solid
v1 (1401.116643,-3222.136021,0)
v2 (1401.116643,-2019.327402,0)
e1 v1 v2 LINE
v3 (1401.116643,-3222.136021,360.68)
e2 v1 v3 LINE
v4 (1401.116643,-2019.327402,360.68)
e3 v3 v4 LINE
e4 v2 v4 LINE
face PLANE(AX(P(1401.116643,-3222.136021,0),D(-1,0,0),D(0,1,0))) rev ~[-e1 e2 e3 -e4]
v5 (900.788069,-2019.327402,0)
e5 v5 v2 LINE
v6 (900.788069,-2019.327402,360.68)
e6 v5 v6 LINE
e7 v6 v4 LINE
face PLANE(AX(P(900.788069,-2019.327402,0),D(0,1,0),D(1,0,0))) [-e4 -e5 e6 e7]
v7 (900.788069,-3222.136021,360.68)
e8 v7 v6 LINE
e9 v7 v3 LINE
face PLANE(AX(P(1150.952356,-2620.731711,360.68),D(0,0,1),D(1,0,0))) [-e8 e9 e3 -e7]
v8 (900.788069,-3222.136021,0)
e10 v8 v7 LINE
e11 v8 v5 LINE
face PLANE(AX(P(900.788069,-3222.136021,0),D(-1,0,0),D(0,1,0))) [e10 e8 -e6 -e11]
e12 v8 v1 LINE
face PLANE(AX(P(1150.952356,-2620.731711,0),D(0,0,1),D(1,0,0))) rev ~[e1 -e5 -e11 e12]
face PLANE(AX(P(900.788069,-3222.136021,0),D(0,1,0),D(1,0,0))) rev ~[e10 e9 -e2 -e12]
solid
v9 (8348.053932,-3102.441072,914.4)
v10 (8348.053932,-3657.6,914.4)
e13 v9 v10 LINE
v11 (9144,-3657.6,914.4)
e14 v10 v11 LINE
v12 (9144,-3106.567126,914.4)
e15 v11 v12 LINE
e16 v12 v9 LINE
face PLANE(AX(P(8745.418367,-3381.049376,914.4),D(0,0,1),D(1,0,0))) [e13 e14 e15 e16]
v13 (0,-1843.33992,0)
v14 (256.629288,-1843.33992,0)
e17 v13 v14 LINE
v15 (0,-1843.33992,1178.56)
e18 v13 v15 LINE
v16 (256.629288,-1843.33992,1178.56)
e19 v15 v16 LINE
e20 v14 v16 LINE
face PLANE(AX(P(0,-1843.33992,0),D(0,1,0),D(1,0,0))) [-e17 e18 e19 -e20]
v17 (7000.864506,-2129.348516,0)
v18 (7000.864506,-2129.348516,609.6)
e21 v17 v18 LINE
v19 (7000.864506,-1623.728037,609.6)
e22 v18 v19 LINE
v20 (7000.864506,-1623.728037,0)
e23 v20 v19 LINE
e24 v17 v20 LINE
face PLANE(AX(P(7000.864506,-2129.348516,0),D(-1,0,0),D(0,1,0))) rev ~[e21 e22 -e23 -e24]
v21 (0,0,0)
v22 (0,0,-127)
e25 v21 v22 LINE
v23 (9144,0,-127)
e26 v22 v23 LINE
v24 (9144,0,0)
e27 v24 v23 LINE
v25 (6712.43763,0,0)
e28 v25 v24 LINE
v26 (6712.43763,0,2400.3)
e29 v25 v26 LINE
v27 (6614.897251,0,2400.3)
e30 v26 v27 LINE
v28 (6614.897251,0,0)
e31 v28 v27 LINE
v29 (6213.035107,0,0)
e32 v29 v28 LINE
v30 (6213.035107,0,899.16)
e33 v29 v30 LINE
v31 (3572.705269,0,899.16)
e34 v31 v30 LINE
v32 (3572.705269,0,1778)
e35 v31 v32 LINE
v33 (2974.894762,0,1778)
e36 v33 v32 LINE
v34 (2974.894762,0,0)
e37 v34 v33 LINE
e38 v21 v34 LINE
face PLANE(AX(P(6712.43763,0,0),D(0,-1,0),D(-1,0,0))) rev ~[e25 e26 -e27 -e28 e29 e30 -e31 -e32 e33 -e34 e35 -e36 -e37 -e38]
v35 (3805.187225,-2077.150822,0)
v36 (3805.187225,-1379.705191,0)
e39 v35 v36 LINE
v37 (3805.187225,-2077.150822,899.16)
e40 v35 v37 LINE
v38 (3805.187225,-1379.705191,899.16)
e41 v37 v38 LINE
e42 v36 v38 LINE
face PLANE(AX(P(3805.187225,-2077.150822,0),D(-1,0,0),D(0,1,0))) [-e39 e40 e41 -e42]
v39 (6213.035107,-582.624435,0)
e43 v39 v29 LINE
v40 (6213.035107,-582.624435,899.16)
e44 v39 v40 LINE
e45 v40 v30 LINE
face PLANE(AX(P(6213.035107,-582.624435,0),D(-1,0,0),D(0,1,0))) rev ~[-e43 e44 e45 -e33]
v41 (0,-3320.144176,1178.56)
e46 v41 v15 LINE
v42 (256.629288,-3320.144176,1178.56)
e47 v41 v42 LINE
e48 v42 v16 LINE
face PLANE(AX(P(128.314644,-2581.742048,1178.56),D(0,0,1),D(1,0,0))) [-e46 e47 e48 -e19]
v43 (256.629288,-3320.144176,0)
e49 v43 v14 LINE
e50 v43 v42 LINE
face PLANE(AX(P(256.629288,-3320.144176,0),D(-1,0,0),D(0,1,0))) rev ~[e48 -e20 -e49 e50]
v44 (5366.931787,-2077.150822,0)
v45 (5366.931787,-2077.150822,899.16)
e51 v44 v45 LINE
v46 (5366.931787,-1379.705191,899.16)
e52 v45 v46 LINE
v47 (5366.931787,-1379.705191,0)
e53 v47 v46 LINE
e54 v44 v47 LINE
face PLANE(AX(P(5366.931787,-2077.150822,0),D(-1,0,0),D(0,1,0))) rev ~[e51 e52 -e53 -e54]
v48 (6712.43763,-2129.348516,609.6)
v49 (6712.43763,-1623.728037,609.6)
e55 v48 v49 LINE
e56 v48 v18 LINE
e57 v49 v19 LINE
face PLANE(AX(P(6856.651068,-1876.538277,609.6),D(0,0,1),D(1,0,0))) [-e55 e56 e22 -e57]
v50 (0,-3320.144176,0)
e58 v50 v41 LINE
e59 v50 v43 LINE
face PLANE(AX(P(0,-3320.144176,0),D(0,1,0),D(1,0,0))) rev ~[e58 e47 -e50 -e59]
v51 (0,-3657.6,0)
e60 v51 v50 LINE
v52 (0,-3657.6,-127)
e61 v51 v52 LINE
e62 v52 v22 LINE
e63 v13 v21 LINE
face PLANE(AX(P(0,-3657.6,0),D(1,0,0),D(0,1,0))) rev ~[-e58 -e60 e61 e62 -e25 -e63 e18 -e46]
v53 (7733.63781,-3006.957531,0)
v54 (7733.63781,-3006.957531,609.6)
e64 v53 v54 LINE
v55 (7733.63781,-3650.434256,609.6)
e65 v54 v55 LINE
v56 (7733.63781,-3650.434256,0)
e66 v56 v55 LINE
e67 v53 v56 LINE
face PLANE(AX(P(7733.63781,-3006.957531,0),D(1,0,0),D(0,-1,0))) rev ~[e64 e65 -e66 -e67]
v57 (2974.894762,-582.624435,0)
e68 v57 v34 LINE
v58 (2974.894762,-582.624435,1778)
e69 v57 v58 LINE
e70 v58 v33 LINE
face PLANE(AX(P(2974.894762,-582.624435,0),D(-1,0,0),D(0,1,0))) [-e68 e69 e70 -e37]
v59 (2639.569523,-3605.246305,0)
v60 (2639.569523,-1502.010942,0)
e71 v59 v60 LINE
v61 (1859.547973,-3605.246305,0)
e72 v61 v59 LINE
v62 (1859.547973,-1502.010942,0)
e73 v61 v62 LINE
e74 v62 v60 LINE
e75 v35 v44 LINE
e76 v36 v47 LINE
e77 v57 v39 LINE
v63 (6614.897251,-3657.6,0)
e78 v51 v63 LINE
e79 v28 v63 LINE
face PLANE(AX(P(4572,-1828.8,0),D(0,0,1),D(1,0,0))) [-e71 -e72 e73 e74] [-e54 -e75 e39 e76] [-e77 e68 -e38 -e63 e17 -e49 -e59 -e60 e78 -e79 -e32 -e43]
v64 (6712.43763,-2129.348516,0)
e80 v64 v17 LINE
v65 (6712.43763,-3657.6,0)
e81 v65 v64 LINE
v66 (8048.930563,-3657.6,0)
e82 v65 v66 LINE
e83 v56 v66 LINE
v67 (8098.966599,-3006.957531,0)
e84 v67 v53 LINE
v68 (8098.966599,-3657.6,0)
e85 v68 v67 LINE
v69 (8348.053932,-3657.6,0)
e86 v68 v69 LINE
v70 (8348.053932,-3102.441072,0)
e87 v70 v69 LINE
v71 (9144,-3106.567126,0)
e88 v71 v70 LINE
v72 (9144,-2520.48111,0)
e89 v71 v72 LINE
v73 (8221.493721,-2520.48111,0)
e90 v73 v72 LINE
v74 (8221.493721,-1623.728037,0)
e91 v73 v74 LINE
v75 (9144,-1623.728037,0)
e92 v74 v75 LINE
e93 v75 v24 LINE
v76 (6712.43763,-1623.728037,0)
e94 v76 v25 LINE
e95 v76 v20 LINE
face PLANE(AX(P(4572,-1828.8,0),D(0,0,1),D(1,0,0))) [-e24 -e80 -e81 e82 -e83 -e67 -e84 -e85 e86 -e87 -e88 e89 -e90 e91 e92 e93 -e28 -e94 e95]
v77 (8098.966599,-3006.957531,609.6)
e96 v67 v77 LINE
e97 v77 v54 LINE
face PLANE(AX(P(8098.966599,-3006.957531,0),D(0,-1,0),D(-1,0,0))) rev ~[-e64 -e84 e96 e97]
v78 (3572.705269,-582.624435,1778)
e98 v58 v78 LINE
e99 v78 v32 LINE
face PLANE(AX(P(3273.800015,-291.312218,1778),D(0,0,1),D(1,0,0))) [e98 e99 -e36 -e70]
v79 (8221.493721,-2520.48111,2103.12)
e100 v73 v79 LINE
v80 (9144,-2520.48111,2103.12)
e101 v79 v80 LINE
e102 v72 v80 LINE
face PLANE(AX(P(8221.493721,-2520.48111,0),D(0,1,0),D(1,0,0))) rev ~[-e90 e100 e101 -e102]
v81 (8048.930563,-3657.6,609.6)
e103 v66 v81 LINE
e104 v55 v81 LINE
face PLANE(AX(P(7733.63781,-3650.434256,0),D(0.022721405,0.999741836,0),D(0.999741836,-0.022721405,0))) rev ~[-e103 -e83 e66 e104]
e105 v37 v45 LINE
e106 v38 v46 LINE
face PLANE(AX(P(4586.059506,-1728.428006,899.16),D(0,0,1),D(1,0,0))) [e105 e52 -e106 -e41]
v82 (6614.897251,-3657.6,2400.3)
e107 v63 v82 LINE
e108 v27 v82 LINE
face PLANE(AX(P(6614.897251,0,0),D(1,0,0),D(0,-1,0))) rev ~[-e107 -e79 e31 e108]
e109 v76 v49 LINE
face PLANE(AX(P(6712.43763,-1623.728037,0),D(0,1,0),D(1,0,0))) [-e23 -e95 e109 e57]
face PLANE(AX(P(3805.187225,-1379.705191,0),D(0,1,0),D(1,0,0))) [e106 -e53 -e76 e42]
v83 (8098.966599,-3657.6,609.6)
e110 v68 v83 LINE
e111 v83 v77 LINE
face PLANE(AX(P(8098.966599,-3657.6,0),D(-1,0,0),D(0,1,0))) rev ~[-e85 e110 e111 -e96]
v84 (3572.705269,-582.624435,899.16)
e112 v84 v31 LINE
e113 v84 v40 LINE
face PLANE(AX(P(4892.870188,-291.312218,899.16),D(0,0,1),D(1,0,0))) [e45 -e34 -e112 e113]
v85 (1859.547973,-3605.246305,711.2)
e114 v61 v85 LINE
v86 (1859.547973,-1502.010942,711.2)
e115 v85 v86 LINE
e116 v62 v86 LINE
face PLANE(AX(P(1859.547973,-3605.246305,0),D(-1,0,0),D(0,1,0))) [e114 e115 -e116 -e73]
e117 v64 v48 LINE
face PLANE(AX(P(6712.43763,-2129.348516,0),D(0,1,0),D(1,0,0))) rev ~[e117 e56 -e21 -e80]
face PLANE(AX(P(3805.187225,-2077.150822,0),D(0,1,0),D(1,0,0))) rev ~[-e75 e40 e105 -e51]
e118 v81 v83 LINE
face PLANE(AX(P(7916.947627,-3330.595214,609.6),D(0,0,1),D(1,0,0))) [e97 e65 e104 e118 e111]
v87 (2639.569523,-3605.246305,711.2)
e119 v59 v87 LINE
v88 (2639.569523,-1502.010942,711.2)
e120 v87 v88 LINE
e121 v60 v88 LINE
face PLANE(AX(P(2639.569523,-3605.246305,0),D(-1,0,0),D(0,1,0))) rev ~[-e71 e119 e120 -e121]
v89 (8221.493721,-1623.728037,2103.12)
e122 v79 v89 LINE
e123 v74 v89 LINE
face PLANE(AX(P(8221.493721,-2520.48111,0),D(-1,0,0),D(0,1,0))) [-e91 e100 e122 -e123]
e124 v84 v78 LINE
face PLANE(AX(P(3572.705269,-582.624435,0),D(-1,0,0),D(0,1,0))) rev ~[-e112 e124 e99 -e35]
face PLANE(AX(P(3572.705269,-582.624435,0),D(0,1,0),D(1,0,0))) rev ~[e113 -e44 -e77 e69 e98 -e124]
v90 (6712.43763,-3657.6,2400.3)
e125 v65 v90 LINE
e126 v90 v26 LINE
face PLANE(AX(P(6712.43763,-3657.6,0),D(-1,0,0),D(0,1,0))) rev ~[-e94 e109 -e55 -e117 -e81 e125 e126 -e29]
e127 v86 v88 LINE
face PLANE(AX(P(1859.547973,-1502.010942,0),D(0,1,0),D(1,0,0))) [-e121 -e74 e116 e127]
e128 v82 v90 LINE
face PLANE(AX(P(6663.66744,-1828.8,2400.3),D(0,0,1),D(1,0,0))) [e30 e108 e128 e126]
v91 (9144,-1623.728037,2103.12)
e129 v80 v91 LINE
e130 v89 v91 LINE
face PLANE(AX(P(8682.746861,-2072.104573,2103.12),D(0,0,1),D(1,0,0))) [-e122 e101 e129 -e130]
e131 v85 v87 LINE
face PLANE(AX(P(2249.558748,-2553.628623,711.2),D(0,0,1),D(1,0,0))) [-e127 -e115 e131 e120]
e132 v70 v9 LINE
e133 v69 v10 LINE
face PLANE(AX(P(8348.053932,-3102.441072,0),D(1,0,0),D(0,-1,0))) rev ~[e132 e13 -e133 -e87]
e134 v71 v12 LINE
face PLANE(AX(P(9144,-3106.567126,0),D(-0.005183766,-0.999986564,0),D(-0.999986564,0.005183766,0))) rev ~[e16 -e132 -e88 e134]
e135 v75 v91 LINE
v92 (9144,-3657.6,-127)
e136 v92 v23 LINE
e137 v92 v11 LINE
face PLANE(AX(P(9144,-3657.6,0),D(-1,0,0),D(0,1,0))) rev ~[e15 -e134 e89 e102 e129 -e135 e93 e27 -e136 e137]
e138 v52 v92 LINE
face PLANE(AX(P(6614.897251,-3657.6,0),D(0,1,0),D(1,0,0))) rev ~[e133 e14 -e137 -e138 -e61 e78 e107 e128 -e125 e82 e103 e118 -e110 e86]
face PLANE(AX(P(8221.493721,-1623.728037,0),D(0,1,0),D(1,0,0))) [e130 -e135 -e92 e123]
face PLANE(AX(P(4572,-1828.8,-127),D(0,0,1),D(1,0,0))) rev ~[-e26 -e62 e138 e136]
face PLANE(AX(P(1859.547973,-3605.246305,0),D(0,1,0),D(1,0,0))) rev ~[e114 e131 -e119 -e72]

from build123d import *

# Parameters (mm, degrees)
F0_W      = 9144
F0_H      = 3657.6
F1_DEPTH  = 127
F3_W      = 780.0215498552
F3_H      = 2103.2353639603
F4_DEPTH  = 711.2
F3_W_2    = 500.3285744119
F3_H_2    = 1202.8086185455
F5_DEPTH  = 360.68
F3_W_3    = 256.6292881966
F3_H_3    = 1476.8042564392
F6_DEPTH  = 1178.56
F3_W_4    = 597.8105068207
F3_H_4    = 582.6244354248
F7_DEPTH  = 1778
F3_W_5    = 2640.3298377991
F8_DEPTH  = 899.16
F3_W_6    = 1561.7445614128
F3_H_5    = 697.4456310272
F9_DEPTH  = 899.16
F3_W_7    = 288.4268760681
F3_H_6    = 505.6204795837
F10_DEPTH = 609.6
F11_DEPTH = 609.6
F3_W_8    = 922.5062789917
F3_H_7    = 896.7530727386
F12_DEPTH = 2103.12
F13_DEPTH = 914.4
F14_DEPTH = 2400.3


with BuildPart() as f1:
    # F0 (on Top) → F1 (new body)
    with BuildSketch(Plane.XY):
        with Locations((4572, -1828.8)):
            Rectangle(F0_W, F0_H)
    extrude(amount=-F1_DEPTH)

    # F3 (on face) → F4 (join)
    with BuildSketch(Plane.XY):
        with Locations((2249.5587476067, -2553.6286234856)):
            Rectangle(F3_W, F3_H)
    extrude(amount=F4_DEPTH)

    # F3 (on face) → F6 (join)
    with BuildSketch(Plane.XY):
        with Locations((128.3146440983, -2581.7420482635)):
            Rectangle(F3_W_3, F3_H_3)
    extrude(amount=F6_DEPTH)

    # F3 (on face) → F7 (join)
    with BuildSketch(Plane.XY):
        with Locations((3273.8000154495, -291.3122177124)):
            Rectangle(F3_W_4, F3_H_4)
    extrude(amount=F7_DEPTH)

    # F3 (on face) → F8 (join)
    with BuildSketch(Plane.XY):
        with Locations((4892.8701877594, -291.3122177124)):
            Rectangle(F3_W_5, F3_H_4)
    extrude(amount=F8_DEPTH)

    # F3 (on face) → F9 (join)
    with BuildSketch(Plane.XY):
        with Locations((4586.0595060482, -1728.4280061722)):
            Rectangle(F3_W_6, F3_H_5)
    extrude(amount=F9_DEPTH)

    # F3 (on face) → F10 (join)
    with BuildSketch(Plane.XY):
        with Locations((6856.6510677338, -1876.5382766724)):
            Rectangle(F3_W_7, F3_H_6)
    extrude(amount=F10_DEPTH)

    # F3 (on face) → F11 (join)
    with BuildSketch(Plane.XY):
        Polygon((7733.6378097534, -3650.4342556), (8048.9305633538, -3657.6), (8098.9665985107, -3657.6), (8098.9665985107, -3006.9575309753), (7733.6378097534, -3006.9575309753), align=None)
    extrude(amount=F11_DEPTH)

    # F3 (on face) → F12 (join)
    with BuildSketch(Plane.XY):
        with Locations((8682.7468605042, -2072.1045732498)):
            Rectangle(F3_W_8, F3_H_7)
    extrude(amount=F12_DEPTH)

    # F3 (on face) → F13 (join)
    with BuildSketch(Plane.XY):
        Polygon((8348.0539321899, -3102.441072464), (8348.0539321899, -3657.6), (9144, -3657.6), (9144, -3106.5671256875), align=None)
    extrude(amount=F13_DEPTH)

    # F3 (on face) → F14 (join)
    with BuildSketch(Plane.XY):
        Polygon((6614.8972511292, 0), (6614.8972511292, -3657.6), (6712.4376296997, -3657.6), (6712.4376296997, -3156.0730934143), (6712.4376296997, -2129.3485164642), (6712.4376296997, -1623.7280368805), (6712.4376296997, -1578.0365467072), (6712.4376296997, 0), align=None)
    extrude(amount=F14_DEPTH)


with BuildPart() as f5:
    # F3 (on face) → F5 (new body)
    with BuildSketch(Plane.XY):
        with Locations((1150.9523559773, -2620.7317113876)):
            Rectangle(F3_W_2, F3_H_2)
    extrude(amount=F5_DEPTH)


solid = Compound([f1.part, f5.part])
